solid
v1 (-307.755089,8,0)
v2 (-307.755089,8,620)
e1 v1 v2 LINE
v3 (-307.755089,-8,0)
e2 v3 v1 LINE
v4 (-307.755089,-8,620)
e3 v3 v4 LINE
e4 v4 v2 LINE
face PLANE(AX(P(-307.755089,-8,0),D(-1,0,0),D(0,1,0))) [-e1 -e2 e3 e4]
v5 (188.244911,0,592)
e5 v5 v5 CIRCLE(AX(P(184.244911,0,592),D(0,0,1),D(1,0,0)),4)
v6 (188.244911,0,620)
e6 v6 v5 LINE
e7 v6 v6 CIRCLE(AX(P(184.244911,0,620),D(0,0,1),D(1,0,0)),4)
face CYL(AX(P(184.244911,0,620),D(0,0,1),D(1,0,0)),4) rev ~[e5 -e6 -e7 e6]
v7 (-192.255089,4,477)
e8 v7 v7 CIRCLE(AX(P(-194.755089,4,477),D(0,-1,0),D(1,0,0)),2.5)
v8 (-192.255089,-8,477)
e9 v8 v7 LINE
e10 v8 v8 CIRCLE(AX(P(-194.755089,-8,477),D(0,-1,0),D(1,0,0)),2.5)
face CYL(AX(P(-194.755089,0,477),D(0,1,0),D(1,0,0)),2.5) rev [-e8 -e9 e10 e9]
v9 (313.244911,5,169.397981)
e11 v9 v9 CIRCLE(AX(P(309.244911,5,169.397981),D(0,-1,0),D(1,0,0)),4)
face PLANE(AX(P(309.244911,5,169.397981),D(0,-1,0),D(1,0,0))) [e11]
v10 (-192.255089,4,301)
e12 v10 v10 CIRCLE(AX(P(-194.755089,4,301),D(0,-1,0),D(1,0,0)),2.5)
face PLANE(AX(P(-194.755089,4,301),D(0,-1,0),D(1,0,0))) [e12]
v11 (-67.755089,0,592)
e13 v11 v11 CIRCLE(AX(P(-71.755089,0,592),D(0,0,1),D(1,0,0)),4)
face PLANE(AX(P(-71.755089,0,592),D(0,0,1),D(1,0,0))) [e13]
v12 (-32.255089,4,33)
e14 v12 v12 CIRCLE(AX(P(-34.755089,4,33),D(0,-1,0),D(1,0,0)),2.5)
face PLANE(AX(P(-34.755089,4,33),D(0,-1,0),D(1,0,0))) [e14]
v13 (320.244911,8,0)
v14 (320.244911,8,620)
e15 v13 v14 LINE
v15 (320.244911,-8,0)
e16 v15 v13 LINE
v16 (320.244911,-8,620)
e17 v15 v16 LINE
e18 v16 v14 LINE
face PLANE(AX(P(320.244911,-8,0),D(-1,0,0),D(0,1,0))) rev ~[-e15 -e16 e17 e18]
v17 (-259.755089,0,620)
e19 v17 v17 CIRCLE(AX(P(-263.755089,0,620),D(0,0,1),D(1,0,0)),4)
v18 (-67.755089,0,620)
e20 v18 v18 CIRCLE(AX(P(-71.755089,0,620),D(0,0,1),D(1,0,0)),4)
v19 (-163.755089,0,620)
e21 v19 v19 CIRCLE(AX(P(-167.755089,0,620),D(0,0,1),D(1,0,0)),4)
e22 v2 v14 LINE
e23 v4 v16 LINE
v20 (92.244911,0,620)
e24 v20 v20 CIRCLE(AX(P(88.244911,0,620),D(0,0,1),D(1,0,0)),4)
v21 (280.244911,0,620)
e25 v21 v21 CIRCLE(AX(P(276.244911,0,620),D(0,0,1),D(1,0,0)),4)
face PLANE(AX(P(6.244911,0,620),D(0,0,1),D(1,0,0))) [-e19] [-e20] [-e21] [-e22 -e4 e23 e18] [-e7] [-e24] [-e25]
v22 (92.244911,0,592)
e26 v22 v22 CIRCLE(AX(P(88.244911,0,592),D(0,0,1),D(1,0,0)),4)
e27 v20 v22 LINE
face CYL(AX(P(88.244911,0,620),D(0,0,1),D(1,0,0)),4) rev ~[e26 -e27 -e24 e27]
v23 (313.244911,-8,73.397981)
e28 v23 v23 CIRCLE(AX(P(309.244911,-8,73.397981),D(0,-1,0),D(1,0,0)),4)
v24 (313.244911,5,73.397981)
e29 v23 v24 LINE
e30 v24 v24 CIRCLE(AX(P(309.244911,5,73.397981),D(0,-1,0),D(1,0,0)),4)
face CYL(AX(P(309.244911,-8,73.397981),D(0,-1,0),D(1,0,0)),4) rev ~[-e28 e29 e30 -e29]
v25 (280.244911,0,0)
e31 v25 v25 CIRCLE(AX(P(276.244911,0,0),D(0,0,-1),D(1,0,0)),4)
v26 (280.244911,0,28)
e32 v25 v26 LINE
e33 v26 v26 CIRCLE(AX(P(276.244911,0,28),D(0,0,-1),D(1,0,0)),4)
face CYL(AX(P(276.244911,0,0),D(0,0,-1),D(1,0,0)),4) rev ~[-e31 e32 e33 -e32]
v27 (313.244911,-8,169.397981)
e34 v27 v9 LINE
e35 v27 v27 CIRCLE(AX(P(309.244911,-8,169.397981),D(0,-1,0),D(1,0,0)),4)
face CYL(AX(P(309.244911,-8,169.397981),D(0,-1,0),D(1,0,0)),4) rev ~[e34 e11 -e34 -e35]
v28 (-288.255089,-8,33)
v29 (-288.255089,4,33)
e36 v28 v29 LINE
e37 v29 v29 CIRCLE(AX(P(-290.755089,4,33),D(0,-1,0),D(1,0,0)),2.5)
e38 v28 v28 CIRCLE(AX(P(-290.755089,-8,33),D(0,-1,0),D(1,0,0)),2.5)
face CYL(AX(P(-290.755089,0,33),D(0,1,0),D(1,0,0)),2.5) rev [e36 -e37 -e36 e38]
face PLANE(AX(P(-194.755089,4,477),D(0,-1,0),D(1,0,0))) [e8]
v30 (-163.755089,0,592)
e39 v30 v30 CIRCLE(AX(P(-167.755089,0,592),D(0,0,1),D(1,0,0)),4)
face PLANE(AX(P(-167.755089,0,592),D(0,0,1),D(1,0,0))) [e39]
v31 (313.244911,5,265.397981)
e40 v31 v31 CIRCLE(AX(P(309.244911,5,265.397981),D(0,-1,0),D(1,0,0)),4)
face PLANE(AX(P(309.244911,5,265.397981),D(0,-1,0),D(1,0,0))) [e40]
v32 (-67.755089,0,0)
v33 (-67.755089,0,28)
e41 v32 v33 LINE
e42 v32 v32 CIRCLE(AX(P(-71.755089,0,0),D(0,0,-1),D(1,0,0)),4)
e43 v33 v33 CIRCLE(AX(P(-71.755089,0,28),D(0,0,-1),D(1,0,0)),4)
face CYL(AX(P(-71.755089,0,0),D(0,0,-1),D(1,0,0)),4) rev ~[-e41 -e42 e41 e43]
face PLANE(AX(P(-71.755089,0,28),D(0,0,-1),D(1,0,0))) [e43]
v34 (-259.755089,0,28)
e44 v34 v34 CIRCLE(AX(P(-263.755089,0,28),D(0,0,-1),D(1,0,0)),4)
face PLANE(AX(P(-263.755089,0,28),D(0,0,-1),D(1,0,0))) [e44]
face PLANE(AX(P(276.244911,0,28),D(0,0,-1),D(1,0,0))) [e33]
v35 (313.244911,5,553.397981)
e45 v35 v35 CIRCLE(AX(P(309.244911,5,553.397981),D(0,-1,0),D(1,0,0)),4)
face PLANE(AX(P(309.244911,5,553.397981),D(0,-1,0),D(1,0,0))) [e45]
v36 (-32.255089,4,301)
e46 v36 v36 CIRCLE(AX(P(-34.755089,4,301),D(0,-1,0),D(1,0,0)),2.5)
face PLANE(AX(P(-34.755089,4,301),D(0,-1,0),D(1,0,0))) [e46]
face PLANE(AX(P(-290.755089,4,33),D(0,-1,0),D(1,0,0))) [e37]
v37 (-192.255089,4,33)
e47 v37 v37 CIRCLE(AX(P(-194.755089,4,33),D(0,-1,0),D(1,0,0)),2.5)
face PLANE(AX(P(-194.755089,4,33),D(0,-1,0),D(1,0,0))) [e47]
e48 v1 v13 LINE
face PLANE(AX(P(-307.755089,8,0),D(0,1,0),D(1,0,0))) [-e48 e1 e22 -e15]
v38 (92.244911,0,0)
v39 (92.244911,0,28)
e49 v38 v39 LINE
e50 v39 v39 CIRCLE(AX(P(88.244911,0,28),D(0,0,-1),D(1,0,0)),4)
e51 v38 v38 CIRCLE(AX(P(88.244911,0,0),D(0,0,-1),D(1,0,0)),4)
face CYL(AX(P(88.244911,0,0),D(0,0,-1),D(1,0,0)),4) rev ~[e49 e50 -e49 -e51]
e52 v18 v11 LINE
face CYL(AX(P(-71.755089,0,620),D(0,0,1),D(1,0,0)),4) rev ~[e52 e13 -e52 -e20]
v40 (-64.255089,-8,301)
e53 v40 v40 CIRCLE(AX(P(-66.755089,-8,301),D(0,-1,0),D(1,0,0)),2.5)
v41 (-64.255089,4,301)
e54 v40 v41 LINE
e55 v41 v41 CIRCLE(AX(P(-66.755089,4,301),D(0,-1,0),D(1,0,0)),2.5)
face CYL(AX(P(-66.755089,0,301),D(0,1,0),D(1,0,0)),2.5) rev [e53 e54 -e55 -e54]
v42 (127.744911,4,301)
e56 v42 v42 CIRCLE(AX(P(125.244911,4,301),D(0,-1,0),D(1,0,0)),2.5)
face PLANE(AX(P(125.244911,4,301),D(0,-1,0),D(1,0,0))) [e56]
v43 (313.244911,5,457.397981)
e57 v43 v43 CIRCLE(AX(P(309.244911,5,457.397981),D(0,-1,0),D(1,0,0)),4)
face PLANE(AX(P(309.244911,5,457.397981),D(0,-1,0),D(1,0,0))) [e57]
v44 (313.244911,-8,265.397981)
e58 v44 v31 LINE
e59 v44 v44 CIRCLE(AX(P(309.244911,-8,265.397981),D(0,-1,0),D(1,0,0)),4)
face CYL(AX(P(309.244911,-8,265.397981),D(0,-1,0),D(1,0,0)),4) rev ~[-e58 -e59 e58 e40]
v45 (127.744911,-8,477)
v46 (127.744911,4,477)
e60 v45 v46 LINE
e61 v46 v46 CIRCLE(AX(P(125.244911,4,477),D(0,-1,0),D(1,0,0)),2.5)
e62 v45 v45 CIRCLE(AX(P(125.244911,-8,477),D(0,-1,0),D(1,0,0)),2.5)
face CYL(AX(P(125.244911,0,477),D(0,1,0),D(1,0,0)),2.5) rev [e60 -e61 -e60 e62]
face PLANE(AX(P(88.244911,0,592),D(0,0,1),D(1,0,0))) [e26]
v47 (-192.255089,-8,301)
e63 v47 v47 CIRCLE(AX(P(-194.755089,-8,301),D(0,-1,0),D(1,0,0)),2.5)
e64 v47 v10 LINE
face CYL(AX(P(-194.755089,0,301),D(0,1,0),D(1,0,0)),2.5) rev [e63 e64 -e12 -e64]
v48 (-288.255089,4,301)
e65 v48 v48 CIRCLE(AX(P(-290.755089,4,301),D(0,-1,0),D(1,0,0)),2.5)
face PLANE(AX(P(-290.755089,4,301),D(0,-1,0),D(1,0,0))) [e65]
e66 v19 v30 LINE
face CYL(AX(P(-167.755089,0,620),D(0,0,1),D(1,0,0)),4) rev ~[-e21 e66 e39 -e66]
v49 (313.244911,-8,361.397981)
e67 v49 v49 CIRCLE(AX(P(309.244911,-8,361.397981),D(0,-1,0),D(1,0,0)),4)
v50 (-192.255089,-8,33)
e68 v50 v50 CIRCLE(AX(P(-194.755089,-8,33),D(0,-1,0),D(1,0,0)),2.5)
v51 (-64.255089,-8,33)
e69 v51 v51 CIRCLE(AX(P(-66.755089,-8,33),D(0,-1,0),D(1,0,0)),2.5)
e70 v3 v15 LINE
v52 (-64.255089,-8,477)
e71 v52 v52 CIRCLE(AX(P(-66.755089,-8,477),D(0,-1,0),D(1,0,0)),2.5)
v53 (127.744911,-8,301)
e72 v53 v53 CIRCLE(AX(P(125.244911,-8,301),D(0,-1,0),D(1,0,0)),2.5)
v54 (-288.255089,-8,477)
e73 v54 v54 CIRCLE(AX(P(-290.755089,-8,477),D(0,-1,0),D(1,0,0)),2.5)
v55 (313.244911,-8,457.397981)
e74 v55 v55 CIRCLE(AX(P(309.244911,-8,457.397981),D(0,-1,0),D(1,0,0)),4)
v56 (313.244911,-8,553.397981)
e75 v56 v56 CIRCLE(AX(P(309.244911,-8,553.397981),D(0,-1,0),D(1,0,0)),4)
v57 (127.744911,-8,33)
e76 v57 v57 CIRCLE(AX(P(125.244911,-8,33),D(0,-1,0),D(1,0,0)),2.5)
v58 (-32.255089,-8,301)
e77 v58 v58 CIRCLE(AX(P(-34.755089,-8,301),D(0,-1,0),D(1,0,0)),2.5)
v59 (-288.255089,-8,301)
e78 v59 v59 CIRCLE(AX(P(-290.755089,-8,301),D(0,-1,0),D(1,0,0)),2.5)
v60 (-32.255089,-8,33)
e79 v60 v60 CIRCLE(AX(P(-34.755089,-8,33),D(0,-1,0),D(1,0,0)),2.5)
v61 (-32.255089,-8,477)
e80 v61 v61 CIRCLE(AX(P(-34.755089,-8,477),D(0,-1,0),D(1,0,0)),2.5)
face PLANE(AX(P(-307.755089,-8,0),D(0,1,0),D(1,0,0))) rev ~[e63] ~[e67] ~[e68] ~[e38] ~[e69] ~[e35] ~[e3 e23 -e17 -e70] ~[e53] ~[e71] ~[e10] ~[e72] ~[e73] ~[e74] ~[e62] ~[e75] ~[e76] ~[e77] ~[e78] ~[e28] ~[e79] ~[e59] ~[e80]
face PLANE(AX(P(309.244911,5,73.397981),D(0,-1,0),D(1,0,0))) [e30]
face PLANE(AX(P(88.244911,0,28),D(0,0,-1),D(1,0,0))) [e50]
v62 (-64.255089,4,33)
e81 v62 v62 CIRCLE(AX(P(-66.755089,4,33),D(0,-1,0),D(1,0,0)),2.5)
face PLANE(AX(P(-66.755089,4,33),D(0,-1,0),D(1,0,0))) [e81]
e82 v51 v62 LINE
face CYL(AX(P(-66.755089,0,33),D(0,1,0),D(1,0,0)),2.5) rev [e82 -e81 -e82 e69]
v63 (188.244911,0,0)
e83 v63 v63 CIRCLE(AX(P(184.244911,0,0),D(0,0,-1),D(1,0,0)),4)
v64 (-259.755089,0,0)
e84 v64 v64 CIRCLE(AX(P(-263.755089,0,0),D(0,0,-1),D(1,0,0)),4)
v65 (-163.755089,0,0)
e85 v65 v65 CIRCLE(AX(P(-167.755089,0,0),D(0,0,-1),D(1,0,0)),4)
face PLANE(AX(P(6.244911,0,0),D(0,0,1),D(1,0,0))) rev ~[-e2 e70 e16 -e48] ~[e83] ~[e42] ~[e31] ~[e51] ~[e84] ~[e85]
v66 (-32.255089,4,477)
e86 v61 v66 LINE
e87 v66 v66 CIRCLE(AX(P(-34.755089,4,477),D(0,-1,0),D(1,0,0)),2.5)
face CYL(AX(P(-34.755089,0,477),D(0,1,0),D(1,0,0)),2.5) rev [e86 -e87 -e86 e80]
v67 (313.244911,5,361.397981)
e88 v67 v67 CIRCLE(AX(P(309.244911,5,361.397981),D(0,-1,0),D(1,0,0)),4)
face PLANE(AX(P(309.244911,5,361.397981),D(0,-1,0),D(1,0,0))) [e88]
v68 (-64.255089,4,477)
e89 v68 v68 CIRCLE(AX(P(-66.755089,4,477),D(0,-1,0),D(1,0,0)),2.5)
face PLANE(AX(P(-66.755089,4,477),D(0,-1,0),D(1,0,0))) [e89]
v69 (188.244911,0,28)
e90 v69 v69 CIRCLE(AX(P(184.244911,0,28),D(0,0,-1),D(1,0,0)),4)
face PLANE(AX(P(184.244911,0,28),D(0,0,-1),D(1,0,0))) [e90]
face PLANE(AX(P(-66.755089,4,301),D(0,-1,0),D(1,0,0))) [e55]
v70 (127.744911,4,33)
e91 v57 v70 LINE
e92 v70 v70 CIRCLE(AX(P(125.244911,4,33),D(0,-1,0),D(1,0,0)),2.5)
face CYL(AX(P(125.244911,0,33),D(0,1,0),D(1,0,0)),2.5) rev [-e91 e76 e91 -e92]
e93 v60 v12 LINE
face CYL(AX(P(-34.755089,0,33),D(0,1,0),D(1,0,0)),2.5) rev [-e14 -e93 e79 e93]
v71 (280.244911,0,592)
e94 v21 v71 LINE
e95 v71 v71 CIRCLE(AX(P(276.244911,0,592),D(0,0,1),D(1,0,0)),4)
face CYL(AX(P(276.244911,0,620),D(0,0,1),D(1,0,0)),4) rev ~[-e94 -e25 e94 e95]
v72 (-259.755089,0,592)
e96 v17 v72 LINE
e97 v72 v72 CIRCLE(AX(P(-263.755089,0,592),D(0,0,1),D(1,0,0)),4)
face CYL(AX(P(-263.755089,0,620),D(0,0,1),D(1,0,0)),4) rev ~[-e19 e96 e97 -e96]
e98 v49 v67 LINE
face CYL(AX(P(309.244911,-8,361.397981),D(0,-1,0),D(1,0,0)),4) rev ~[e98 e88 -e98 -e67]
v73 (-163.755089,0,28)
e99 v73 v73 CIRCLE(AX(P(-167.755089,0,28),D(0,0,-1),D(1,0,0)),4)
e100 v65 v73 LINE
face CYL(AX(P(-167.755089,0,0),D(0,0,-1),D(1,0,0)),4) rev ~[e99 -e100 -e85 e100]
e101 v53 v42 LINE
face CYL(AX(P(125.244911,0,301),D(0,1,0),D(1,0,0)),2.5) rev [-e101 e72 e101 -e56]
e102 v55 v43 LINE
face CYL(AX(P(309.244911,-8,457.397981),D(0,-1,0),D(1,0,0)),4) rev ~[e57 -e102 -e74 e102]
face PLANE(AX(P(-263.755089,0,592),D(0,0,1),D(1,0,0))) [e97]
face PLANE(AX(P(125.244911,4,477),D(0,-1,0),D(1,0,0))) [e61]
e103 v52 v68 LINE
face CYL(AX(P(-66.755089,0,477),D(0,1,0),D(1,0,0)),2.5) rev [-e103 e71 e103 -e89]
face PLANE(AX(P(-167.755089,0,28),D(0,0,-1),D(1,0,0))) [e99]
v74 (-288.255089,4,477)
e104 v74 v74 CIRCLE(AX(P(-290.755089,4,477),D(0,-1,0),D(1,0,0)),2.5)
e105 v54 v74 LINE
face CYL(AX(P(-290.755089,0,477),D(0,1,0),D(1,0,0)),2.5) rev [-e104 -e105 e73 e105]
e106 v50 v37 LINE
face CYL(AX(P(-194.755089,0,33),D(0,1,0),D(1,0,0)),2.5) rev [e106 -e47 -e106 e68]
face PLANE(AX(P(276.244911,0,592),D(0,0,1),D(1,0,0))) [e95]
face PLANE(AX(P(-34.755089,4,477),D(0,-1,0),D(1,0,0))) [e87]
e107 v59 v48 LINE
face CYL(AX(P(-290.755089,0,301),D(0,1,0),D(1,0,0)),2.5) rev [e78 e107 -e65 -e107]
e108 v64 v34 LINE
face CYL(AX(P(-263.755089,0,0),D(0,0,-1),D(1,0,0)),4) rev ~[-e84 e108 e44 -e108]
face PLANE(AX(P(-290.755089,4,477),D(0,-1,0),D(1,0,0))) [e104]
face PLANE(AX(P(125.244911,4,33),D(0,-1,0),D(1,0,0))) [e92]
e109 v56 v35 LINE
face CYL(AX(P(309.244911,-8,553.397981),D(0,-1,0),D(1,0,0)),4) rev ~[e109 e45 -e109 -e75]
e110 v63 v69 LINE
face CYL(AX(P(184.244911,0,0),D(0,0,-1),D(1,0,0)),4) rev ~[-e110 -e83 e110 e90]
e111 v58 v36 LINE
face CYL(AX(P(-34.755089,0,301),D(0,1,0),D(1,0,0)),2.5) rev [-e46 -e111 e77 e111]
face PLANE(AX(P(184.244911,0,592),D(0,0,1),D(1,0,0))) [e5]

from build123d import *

# Parameters (mm, degrees)
F0_W          = 628
F0_H          = 16
F1_DEPTH      = 620
F2_R          = 4
F3_DEPTH      = 28
F4_R          = 4
F5_DEPTH      = 28
F6_R          = 2.5
F7_DEPTH      = 8
F7_DEPTH_BACK = 4
F8_R          = 4
F9_DEPTH      = 13


with BuildPart() as f1:
    # F0 (on Top) → F1 (new body)
    with BuildSketch(Plane.XY):
        with Locations((6.244911, 0)):
            Rectangle(F0_W, F0_H)
    extrude(amount=F1_DEPTH)

    # F2 (on face) → F3 (cut)
    with BuildSketch(Plane(origin=(0, 0, 0), x_dir=(1, 0, 0), z_dir=(0, 0, -1))):
        with Locations((-263.755089, 0)):
            Circle(F2_R)
        with Locations((-167.755089, 0)):
            Circle(F2_R)
        with Locations((-71.755089, 0)):
            Circle(F2_R)
        with Locations((88.244911, 0)):
            Circle(F2_R)
        with Locations((276.244911, 0)):
            Circle(F2_R)
        with Locations((184.244911, 0)):
            Circle(F2_R)
    extrude(amount=-F3_DEPTH, mode=Mode.SUBTRACT)

    # F4 (on face) → F5 (cut)
    with BuildSketch(Plane.XY.offset(620)):
        with Locations((-263.755089, 0)):
            Circle(F4_R)
        with Locations((-167.755089, 0)):
            Circle(F4_R)
        with Locations((-71.755089, 0)):
            Circle(F4_R)
        with Locations((88.244911, 0)):
            Circle(F4_R)
        with Locations((276.244911, 0)):
            Circle(F4_R)
        with Locations((184.244911, 0)):
            Circle(F4_R)
    extrude(amount=-F5_DEPTH, mode=Mode.SUBTRACT)

    # F6 (on Front) → F7 (cut, two sides)
    with BuildSketch(Plane.XZ) as f7_sk:
        with Locations((-290.755089, 33)):
            Circle(F6_R)
        with Locations((-66.755089, 33)):
            Circle(F6_R)
        with Locations((-194.755089, 33)):
            Circle(F6_R)
        with Locations((-34.755089, 33)):
            Circle(F6_R)
        with Locations((125.244911, 33)):
            Circle(F6_R)
        with Locations((125.244911, 301)):
            Circle(F6_R)
        with Locations((-34.755089, 301)):
            Circle(F6_R)
        with Locations((-194.755089, 301)):
            Circle(F6_R)
        with Locations((-66.755089, 301)):
            Circle(F6_R)
        with Locations((-290.755089, 301)):
            Circle(F6_R)
        with Locations((125.244911, 477)):
            Circle(F6_R)
        with Locations((-34.755089, 477)):
            Circle(F6_R)
        with Locations((-194.755089, 477)):
            Circle(F6_R)
        with Locations((-66.755089, 477)):
            Circle(F6_R)
        with Locations((-290.755089, 477)):
            Circle(F6_R)
    extrude(amount=F7_DEPTH, mode=Mode.SUBTRACT)
    extrude(f7_sk.sketch, amount=-F7_DEPTH_BACK, mode=Mode.SUBTRACT)

    # F8 (on face) → F9 (cut)
    with BuildSketch(Plane.XZ.offset(8)):
        with Locations((309.244911, 553.397981)):
            Circle(F8_R)
        with Locations((309.244911, 457.397981)):
            Circle(F8_R)
        with Locations((309.244911, 361.397981)):
            Circle(F8_R)
        with Locations((309.244911, 265.397981)):
            Circle(F8_R)
        with Locations((309.244911, 169.397981)):
            Circle(F8_R)
        with Locations((309.244911, 73.397981)):
            Circle(F8_R)
    extrude(amount=-F9_DEPTH, mode=Mode.SUBTRACT)


solid = f1.part
